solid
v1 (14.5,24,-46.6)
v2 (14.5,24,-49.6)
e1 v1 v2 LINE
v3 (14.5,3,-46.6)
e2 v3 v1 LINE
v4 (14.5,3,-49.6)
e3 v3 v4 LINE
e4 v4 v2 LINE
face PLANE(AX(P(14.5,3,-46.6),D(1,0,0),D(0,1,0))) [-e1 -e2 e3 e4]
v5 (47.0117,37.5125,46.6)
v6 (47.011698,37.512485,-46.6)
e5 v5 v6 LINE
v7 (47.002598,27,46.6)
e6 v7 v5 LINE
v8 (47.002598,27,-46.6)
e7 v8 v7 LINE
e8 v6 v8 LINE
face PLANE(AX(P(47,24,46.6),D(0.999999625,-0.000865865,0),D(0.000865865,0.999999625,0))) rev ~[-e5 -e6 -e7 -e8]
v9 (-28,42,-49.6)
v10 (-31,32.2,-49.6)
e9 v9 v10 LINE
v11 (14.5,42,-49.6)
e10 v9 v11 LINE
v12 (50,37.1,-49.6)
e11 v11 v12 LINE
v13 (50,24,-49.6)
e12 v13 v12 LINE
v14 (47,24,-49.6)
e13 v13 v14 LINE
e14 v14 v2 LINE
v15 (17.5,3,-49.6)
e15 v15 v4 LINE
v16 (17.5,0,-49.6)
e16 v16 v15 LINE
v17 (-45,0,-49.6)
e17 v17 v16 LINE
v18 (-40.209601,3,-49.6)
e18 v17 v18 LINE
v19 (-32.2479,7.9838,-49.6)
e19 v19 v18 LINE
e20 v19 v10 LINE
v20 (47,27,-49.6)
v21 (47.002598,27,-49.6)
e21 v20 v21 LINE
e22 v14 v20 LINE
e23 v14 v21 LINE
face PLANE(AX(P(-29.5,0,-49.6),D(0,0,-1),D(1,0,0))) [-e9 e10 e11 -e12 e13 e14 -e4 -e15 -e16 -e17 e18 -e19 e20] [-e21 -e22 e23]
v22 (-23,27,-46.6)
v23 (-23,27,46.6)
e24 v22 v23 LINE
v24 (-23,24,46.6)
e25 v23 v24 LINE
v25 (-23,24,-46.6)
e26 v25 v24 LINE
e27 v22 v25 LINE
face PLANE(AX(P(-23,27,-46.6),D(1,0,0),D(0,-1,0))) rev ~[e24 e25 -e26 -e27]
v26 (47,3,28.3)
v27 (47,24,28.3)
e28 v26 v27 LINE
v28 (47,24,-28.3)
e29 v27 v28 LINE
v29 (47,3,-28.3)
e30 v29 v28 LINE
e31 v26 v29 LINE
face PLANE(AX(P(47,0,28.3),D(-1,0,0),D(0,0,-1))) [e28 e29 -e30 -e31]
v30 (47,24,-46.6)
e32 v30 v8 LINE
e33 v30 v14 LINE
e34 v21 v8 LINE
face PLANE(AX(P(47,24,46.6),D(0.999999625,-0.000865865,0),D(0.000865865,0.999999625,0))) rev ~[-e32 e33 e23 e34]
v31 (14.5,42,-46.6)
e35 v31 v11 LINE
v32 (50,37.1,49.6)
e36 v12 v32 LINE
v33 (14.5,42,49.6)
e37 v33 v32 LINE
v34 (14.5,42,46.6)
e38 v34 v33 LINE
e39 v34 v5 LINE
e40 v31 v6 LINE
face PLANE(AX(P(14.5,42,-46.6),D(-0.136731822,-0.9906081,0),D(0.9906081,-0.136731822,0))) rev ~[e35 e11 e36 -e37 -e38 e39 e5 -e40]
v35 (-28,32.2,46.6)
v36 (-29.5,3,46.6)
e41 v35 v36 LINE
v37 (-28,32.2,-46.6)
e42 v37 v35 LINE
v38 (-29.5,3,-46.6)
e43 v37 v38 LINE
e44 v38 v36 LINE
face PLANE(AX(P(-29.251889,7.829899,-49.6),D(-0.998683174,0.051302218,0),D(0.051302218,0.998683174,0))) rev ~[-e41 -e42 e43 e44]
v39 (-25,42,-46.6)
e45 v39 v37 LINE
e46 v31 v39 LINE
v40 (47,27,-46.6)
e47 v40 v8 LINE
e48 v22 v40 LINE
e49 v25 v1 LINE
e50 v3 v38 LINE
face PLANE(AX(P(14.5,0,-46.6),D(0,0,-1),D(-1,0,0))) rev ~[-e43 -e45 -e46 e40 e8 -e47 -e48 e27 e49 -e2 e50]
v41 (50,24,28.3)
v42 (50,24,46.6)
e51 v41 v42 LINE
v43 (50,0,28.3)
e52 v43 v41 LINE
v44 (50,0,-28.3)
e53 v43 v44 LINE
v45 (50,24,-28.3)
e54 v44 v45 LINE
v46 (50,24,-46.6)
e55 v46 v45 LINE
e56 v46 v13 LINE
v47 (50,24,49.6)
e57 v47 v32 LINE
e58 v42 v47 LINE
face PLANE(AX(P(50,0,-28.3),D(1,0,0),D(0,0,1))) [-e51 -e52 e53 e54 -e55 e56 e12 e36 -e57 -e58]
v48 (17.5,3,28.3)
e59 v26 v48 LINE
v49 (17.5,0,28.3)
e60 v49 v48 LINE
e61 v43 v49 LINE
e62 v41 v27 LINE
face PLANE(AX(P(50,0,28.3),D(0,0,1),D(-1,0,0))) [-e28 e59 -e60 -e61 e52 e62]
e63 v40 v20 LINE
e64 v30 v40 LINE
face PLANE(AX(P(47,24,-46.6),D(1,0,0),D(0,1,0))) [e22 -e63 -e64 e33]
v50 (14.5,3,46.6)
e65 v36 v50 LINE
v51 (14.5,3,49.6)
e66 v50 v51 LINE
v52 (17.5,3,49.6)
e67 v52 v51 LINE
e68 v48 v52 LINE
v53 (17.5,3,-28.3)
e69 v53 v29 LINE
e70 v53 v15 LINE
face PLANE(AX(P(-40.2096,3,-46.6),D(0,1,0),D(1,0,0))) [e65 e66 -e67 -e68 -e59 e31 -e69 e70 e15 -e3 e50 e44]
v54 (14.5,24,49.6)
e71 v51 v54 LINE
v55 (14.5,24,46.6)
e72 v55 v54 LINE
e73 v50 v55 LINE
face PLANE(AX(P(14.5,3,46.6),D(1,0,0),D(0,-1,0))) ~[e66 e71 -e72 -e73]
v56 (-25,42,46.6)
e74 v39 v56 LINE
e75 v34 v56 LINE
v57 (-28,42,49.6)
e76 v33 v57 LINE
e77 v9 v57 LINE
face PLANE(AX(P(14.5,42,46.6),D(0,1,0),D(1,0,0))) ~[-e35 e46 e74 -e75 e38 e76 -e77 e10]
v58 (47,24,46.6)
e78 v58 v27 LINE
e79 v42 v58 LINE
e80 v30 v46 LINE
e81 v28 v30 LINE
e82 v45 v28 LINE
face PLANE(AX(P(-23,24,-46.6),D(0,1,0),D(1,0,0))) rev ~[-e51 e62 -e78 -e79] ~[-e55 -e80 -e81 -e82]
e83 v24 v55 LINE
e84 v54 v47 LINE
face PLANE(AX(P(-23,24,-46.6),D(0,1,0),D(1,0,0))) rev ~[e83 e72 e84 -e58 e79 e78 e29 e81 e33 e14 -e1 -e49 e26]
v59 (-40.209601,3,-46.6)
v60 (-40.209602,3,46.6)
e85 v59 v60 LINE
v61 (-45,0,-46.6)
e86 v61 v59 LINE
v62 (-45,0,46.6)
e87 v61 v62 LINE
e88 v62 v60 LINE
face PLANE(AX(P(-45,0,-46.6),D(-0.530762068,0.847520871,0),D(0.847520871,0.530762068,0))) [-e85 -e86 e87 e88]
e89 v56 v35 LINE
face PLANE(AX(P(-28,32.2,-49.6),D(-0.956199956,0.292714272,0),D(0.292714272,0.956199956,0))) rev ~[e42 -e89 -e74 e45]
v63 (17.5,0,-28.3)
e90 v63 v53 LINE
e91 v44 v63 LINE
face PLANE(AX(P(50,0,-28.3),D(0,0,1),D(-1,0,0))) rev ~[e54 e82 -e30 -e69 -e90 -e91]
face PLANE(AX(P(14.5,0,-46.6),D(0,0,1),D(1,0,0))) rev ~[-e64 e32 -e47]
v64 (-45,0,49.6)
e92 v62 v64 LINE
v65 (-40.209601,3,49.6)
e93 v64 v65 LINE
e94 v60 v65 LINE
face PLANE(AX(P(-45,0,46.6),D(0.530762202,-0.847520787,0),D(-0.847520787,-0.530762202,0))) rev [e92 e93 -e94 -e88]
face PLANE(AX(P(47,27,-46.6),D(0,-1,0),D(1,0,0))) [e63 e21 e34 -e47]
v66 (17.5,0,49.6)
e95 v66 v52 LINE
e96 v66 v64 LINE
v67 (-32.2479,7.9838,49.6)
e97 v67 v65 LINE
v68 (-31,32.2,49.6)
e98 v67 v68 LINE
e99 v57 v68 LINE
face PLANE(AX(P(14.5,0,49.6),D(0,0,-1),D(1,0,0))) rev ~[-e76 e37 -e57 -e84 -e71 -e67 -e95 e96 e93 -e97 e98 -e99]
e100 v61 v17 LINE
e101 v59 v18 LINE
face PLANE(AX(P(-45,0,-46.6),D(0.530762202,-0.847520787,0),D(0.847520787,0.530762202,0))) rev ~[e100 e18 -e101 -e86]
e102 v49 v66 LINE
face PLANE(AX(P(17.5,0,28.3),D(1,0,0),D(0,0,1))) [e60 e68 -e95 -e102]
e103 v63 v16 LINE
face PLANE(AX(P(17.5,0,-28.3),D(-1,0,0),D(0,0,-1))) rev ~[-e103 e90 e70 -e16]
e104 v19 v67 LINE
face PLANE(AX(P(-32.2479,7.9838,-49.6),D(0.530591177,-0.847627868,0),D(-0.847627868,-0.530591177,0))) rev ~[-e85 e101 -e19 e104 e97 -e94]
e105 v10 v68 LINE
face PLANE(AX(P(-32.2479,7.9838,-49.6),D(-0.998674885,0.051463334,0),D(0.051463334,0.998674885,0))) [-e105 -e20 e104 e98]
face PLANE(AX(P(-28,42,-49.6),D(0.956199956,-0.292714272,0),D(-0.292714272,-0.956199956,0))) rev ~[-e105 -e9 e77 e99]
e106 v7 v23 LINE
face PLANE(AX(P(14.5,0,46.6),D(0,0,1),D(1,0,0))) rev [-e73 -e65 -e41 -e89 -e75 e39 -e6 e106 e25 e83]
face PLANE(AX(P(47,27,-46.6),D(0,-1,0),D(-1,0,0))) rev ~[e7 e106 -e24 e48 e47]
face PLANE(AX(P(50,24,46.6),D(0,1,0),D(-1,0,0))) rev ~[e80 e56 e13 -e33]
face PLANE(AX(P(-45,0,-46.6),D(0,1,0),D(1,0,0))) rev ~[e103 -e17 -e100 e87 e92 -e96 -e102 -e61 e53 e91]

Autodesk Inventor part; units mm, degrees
ref_plane "YZ Plane" through (0, 0, 0) normal (1, 0, 0) x (0, 1, 0)
ref_plane "XZ Plane" through (0, 0, 0) normal (0, 1, 0) x (-1, 0, 0)
ref_plane "XY Plane" through (0, 0, 0) normal (0, 0, 1) x (1, 0, 0)
sketch "Esboço1" plane through (0, 0, 0) normal (0, 1, 0) x (-1, 0, 0)
  line L0 (50, 50) -> (50, -50)
  line L1 (-50, -50) -> (-50, 50)
  line L2 (-50, -2) -> (-50, 2)
  line L3 (-50, -2) -> (-50, -28.3)
  line L4 (-50, 2) -> (-50, 28.3)
  line L5 (-50, 28.3) -> (-17.5, 28.3)
  line L6 (-50, -28.3) -> (-17.5, -28.3)
  line L7 (-17.5, -28.3) -> (-17.5, -49.6)
  line L8 (-17.5, 28.3) -> (-17.5, 49.6)
  line L9 (-39.9, -28.3) -> (-27.6, -28.3)
  line L10 (-27.6, -28.3) -> (-27.6, -2.3)
  line L11 (-27.6, -2.3) -> (-39.9, -2.3)
  line L12 (-39.9, -2.3) -> (-39.9, -28.3)
  line L13 (-27.6, 28.3) -> (-27.6, 2.3)
  line L14 (-27.6, 2.3) -> (-39.9, 2.3)
  line L15 (-39.9, 2.3) -> (-39.9, 28.3)
  line L16 (50, 50) -> (45, 50)
  line L17 (50, -50) -> (45, -50)
  line L18 (45, 50) -> (45, -50)
  line L19 (-17.5, -28.3) -> (-14.5, -28.3)
  line L20 (-14.5, -49.6) -> (-17.5, -49.6)
  line L21 (-17.5, 28.3) -> (-14.5, 28.3)
  line L22 (-14.5, 49.6) -> (-17.5, 49.6)
  line L23 (-9.5, -35) -> (-9.5, 35)
  line L24 (-9.5, -35) -> (24.5, -35)
  line L25 (24.5, -35) -> (24.5, 35)
  line L26 (24.5, 35) -> (-9.5, 35)
  line L27 (29.5, 35) -> (29.5, -35)
  line L28 (-14.5, 49.6) -> (29.5, 49.6)
  line L29 (29.5, 49.6) -> (29.5, -49.6)
  line L30 (29.5, -49.6) -> (-14.5, -49.6)
  line L31 (26.5, -46.6) -> (26.5, 46.6)
  line L32 (-14.5, -28.3) -> (-17.5, -28.3)
  line L33 (-14.5, -28.3) -> (-14.5, -46.6)
  line L34 (-14.5, 46.6) -> (-14.5, 28.3)
  line L35 (26.5, -46.6) -> (-14.5, -46.6)
  line L36 (26.5, 46.6) -> (-14.5, 46.6)
  line L37 (-50, 28.3) -> (-47, 28.3)
  line L38 (-47, 28.3) -> (-47, -28.3)
  line L39 (-14.5, -28.3) -> (-14.5, -25.3)
  line L40 (-14.5, -25.3) -> (-17.5, -25.3)
  line L41 (-17.5, -25.3) -> (-22.5, -25.3)
  line L42 (-22.5, -25.3) -> (-22.5, -28.3)
  line L43 (-14.5, 28.3) -> (-14.5, 25.3)
  line L44 (-14.5, 25.3) -> (-17.5, 25.3)
  line L45 (-17.5, 25.3) -> (-22.5, 25.3)
  line L46 (-22.5, 25.3) -> (-22.5, 28.3)
  point P0 (0, 0)
  point P1 (-50, 0)
  point P2 (-33.75, -28.3)
  dimension "d0" = 100
  dimension "d1" = 100
  dimension "d2" = 4
  dimension "d3" = 26.3
  dimension "d4" = 26.3
  dimension "d5" = 32.5
  dimension "d6" = 32.5
  dimension "d7" = 21.3
  dimension "d8" = 21.3
  dimension "d9" = 12.3
  dimension "d10" = 26
  dimension "d11" = 26
  dimension "d12" = 5
  dimension "d13" = 5
  dimension "d14" = 3
  dimension "d15" = 3
  dimension "d17" = 70
  dimension "d18" = 34
  dimension "d19" = 5
  dimension "d20" = 3
  dimension "d23" = 3
  dimension "d42" = 5
  dimension "d43" = 3
  dimension "d44" = 5
extrude "Extrusão1" add sketch "Esboço1" along normal blind 3 contours L38 L5 L15 L14 L13 L46 L45 L44 L43 L34 L36 L31 L35 L33 L39 L40 L41 L42 L6 L10 L11 L12 | L12 L11 L10 L6 | L5 L13 L14 L15 | L42 L41 L40 L39 L19 L6 | L5 L21 L43 L44 L45 L46 | L23 L26 L25 L24
extrude "Extrusão2" add sketch "Esboço1" along normal blind 27 contours L1 L5 L38 L6
sketch "Esboço2" plane through (14.5, 0, -46.6) normal (0, 0, -1) x (-1, 0, 0)
  line L0 (41, 0) -> (0, 0) projected
  line L1 (41, 0) -> (59.5, 0)
  line L2 (41, 0) -> (41, 3) projected
  line L3 (41, 0) -> (41, 3)
  line L4 (41, 3) -> (0, 3) projected
  line L5 (-32.5, 3) -> (0, 3) projected
  line L6 (-32.5, 3) -> (-32.5, 27) projected
  line L7 (-32.5, 27) -> (-32.5, 24)
  line L8 (-32.5, 27) -> (3, 27)
  line L9 (3, 27) -> (3, 24)
  line L10 (3, 24) -> (-32.5, 24)
  line L11 (0, 3) -> (0, 27)
  line L12 (0, 3) -> (3, 3)
  line L13 (3, 3) -> (37, 3)
  line L14 (0, 3) -> (-35.5, 3)
  line L15 (-35.5, 0) -> (-35.5, 27) projected
  line L16 (-11.75, 3) -> (-23.75, 3)
  line L17 (-23.75, 3) -> (-23.75, 15)
  line L18 (-23.75, 15) -> (-11.75, 15)
  line L19 (-11.75, 15) -> (-11.75, 3)
  line L20 (3, 3) -> (3, 21)
  line L21 (0, 27) -> (0, 42)
  line L22 (37, 3) -> (37, 21)
  line L23 (37, 21) -> (3, 21)
  line L24 (41, 3) -> (55.9231, 3)
  line L25 (0, 3) -> (41, 3) projected
  line L26 (-32.5, 27) -> (-35.5, 27) projected
  line L27 (-32.5, 27) -> (37.5, 27)
  line L28 (0, 42) -> (38, 42)
  line L29 (0, 42) -> (39.5, 42)
  line L30 (39.5, 42) -> (42.5, 32.2)
  line L31 (3, 24) -> (37.5, 24)
  line L32 (37.5, 24) -> (37.5, 27)
  line L33 (-23.75, 3) -> (-11.75, 15)
  line L34 (-23.75, 15) -> (-11.75, 3)
  line L35 (42.5, 3) -> (44, 3)
  line L36 (44, 3) -> (42.5, 32.2)
  line L37 (59.5, 0) -> (57, 0)
  line L38 (-17.75, 24) -> (-17.75, 3)
  line L39 (0, 27) -> (0, 37)
  line L40 (-35.5, 27) -> (-35.5, 32)
  line L41 (39.5, 42) -> (42.5, 42)
  line L42 (42.5, 32.2) -> (45.5, 32.2)
  line L43 (43.7518, 7.8322) -> (46.7478, 7.9861)
  line L44 (45.5, 32.2) -> (42.5, 42)
  line L45 (45.5, 32.2) -> (46.7478, 7.9861)
  line L46 (59.5, 0) -> (62, 0)
  line L47 (59.5, 0) -> (46.7478, 7.9861)
  line L48 (0, 42) -> (-35.5, 37.1)
  line L49 (-35.5, 37.1) -> (-35.5, 32)
  point P0 (14.5, 0)
  point P1 (0, 24)
  point P2 (54.7096, 3)
  dimension "d28" = 18.5
  dimension "d31" = 3
  dimension "d32" = 35.5
  dimension "d33" = 3
  dimension "d34" = 34
  dimension "d35" = 12
  dimension "d36" = 12
  dimension "d37" = 18
  dimension "d38" = 15
  dimension "d50" = 18
  dimension "d55" = 70
  dimension "d57" = 38
  dimension "d61" = 1.5
  dimension "d62" = 2.5
  dimension "d63" = 10
  dimension "d64" = 5
  dimension "d65" = 3
  dimension "d66" = 3
  dimension "d67" = 3
  dimension "d68" = 2.5
extrude "Extrusão3" add sketch "Esboço1" along normal blind 3 contours L19 L33 L35 L31 L36 L34 L21 L8 L22 L28 L29 L27 L30 L20 L7
extrude "Extrusão7" add sketch "Esboço2" along normal blind 3 contours L2 L24 L47 L1 | L4 L22 L23 L20 L11 L10 L31 L32 L27 L8 L21 L28 L29 L30 L36 L24 | L4 L20 L23 L22 | L11 L8 L9 L10 | L10 L6 L8 L11 | L9 L27 L32 L31 | L8 L26 L40 L49 L48 L21
mirror "Espelhar2" about plane through (0, 0, 0) normal (0, 0, 1) of "Extrusão7"
sketch "Esboço4" plane through (14.5, 0, -46.6) normal (0, 0, 1) x (1, 0, 0)
  line L0 (32.5, 27) -> (-37.5, 27)
  line L1 (-37.5, 27) -> (-37.5, 24)
  line L2 (-37.5, 24) -> (32.5, 24)
  line L3 (32.5, 24) -> (32.5, 27)
  line L4 (32.5, 27) -> (35.5, 27)
  line L5 (35.5, 27) -> (35.5, 24)
  line L6 (35.5, 24) -> (32.5, 24)
  point P0 (-14.5, 0)
  dimension "d71" = 70
  dimension "d72" = 3
  dimension "d73" = 3
  dimension "d74" = 3
extrude "Extrusão8" add sketch "Esboço4" along normal blind 96.2
sketch "Esboço5" plane through (14.5, 42, 46.6) normal (0, 0, -1) x (-1, 0, 0)
  line L0 (-32.5, -15) -> (-32.5, -18) projected
  line L1 (-32.5, -18) -> (-32.5117, -4.4875)
  line L2 (0, 0) -> (-35.5, -4.9) projected
  line L3 (-32.5117, -4.4875) -> (-35.5, -4.9)
  line L4 (-35.5, -18) -> (0, -18) projected
  line L5 (-35.5, -4.9) -> (-35.5, -18)
  line L6 (-35.5, -18) -> (-32.5, -18)
  point P0 (14.5, -42)
extrude "Extrusão9" add sketch "Esboço5" along normal blind 96.2
sketch "Esboço6" plane through (17.5, 0, -49.6) normal (0, 0, -1) x (-1, 0, 0)
  line L0 (42.5, 42) -> (3, 42) projected
  line L1 (42.5, 42) -> (45.5, 42)
  line L2 (47, 3) -> (45.5, 32.2) projected
  line L3 (45.5, 32.2) -> (48.5, 32.2)
  line L4 (46.7519, 7.8299) -> (49.7479, 7.9838)
  line L5 (57.7096, 3) -> (47, 3) projected
  line L6 (49.7479, 7.9838) -> (57.7096, 3)
  line L7 (49.7479, 7.9838) -> (48.5, 32.2)
  line L8 (45.5, 42) -> (48.5, 32.2)
  line L9 (45.5, 32.2) -> (42.5, 42) projected
  line L10 (42.5, 42) -> (45.5, 32.2)
  point P0 (17.5, 0)
  dimension "d79" = 3
  dimension "d80" = 3
  dimension "d81" = 3
sketch "Esboço7" plane through (14.5, 0, -46.6) normal (0, 0, 1) x (1, 0, 0)
  line L0 (-44, 3) -> (-44, 0) projected
  line L1 (-44, 3) -> (-44, 0)
  line L2 (-54.7096, 3) -> (-44, 3) projected
  line L3 (-44, 3) -> (-54.7096, 3)
  line L4 (-59.5, 0) -> (-54.7096, 3) projected
  line L5 (-54.7096, 3) -> (-59.5, 0)
  line L6 (-59.5, 0) -> (-44, 0)
  point P0 (-14.5, 0)
extrude "Extrusão10" add sketch "Esboço7" along normal blind 96.2
extrude "Extrusão11" add sketch "Esboço6" against normal blind 99.2
